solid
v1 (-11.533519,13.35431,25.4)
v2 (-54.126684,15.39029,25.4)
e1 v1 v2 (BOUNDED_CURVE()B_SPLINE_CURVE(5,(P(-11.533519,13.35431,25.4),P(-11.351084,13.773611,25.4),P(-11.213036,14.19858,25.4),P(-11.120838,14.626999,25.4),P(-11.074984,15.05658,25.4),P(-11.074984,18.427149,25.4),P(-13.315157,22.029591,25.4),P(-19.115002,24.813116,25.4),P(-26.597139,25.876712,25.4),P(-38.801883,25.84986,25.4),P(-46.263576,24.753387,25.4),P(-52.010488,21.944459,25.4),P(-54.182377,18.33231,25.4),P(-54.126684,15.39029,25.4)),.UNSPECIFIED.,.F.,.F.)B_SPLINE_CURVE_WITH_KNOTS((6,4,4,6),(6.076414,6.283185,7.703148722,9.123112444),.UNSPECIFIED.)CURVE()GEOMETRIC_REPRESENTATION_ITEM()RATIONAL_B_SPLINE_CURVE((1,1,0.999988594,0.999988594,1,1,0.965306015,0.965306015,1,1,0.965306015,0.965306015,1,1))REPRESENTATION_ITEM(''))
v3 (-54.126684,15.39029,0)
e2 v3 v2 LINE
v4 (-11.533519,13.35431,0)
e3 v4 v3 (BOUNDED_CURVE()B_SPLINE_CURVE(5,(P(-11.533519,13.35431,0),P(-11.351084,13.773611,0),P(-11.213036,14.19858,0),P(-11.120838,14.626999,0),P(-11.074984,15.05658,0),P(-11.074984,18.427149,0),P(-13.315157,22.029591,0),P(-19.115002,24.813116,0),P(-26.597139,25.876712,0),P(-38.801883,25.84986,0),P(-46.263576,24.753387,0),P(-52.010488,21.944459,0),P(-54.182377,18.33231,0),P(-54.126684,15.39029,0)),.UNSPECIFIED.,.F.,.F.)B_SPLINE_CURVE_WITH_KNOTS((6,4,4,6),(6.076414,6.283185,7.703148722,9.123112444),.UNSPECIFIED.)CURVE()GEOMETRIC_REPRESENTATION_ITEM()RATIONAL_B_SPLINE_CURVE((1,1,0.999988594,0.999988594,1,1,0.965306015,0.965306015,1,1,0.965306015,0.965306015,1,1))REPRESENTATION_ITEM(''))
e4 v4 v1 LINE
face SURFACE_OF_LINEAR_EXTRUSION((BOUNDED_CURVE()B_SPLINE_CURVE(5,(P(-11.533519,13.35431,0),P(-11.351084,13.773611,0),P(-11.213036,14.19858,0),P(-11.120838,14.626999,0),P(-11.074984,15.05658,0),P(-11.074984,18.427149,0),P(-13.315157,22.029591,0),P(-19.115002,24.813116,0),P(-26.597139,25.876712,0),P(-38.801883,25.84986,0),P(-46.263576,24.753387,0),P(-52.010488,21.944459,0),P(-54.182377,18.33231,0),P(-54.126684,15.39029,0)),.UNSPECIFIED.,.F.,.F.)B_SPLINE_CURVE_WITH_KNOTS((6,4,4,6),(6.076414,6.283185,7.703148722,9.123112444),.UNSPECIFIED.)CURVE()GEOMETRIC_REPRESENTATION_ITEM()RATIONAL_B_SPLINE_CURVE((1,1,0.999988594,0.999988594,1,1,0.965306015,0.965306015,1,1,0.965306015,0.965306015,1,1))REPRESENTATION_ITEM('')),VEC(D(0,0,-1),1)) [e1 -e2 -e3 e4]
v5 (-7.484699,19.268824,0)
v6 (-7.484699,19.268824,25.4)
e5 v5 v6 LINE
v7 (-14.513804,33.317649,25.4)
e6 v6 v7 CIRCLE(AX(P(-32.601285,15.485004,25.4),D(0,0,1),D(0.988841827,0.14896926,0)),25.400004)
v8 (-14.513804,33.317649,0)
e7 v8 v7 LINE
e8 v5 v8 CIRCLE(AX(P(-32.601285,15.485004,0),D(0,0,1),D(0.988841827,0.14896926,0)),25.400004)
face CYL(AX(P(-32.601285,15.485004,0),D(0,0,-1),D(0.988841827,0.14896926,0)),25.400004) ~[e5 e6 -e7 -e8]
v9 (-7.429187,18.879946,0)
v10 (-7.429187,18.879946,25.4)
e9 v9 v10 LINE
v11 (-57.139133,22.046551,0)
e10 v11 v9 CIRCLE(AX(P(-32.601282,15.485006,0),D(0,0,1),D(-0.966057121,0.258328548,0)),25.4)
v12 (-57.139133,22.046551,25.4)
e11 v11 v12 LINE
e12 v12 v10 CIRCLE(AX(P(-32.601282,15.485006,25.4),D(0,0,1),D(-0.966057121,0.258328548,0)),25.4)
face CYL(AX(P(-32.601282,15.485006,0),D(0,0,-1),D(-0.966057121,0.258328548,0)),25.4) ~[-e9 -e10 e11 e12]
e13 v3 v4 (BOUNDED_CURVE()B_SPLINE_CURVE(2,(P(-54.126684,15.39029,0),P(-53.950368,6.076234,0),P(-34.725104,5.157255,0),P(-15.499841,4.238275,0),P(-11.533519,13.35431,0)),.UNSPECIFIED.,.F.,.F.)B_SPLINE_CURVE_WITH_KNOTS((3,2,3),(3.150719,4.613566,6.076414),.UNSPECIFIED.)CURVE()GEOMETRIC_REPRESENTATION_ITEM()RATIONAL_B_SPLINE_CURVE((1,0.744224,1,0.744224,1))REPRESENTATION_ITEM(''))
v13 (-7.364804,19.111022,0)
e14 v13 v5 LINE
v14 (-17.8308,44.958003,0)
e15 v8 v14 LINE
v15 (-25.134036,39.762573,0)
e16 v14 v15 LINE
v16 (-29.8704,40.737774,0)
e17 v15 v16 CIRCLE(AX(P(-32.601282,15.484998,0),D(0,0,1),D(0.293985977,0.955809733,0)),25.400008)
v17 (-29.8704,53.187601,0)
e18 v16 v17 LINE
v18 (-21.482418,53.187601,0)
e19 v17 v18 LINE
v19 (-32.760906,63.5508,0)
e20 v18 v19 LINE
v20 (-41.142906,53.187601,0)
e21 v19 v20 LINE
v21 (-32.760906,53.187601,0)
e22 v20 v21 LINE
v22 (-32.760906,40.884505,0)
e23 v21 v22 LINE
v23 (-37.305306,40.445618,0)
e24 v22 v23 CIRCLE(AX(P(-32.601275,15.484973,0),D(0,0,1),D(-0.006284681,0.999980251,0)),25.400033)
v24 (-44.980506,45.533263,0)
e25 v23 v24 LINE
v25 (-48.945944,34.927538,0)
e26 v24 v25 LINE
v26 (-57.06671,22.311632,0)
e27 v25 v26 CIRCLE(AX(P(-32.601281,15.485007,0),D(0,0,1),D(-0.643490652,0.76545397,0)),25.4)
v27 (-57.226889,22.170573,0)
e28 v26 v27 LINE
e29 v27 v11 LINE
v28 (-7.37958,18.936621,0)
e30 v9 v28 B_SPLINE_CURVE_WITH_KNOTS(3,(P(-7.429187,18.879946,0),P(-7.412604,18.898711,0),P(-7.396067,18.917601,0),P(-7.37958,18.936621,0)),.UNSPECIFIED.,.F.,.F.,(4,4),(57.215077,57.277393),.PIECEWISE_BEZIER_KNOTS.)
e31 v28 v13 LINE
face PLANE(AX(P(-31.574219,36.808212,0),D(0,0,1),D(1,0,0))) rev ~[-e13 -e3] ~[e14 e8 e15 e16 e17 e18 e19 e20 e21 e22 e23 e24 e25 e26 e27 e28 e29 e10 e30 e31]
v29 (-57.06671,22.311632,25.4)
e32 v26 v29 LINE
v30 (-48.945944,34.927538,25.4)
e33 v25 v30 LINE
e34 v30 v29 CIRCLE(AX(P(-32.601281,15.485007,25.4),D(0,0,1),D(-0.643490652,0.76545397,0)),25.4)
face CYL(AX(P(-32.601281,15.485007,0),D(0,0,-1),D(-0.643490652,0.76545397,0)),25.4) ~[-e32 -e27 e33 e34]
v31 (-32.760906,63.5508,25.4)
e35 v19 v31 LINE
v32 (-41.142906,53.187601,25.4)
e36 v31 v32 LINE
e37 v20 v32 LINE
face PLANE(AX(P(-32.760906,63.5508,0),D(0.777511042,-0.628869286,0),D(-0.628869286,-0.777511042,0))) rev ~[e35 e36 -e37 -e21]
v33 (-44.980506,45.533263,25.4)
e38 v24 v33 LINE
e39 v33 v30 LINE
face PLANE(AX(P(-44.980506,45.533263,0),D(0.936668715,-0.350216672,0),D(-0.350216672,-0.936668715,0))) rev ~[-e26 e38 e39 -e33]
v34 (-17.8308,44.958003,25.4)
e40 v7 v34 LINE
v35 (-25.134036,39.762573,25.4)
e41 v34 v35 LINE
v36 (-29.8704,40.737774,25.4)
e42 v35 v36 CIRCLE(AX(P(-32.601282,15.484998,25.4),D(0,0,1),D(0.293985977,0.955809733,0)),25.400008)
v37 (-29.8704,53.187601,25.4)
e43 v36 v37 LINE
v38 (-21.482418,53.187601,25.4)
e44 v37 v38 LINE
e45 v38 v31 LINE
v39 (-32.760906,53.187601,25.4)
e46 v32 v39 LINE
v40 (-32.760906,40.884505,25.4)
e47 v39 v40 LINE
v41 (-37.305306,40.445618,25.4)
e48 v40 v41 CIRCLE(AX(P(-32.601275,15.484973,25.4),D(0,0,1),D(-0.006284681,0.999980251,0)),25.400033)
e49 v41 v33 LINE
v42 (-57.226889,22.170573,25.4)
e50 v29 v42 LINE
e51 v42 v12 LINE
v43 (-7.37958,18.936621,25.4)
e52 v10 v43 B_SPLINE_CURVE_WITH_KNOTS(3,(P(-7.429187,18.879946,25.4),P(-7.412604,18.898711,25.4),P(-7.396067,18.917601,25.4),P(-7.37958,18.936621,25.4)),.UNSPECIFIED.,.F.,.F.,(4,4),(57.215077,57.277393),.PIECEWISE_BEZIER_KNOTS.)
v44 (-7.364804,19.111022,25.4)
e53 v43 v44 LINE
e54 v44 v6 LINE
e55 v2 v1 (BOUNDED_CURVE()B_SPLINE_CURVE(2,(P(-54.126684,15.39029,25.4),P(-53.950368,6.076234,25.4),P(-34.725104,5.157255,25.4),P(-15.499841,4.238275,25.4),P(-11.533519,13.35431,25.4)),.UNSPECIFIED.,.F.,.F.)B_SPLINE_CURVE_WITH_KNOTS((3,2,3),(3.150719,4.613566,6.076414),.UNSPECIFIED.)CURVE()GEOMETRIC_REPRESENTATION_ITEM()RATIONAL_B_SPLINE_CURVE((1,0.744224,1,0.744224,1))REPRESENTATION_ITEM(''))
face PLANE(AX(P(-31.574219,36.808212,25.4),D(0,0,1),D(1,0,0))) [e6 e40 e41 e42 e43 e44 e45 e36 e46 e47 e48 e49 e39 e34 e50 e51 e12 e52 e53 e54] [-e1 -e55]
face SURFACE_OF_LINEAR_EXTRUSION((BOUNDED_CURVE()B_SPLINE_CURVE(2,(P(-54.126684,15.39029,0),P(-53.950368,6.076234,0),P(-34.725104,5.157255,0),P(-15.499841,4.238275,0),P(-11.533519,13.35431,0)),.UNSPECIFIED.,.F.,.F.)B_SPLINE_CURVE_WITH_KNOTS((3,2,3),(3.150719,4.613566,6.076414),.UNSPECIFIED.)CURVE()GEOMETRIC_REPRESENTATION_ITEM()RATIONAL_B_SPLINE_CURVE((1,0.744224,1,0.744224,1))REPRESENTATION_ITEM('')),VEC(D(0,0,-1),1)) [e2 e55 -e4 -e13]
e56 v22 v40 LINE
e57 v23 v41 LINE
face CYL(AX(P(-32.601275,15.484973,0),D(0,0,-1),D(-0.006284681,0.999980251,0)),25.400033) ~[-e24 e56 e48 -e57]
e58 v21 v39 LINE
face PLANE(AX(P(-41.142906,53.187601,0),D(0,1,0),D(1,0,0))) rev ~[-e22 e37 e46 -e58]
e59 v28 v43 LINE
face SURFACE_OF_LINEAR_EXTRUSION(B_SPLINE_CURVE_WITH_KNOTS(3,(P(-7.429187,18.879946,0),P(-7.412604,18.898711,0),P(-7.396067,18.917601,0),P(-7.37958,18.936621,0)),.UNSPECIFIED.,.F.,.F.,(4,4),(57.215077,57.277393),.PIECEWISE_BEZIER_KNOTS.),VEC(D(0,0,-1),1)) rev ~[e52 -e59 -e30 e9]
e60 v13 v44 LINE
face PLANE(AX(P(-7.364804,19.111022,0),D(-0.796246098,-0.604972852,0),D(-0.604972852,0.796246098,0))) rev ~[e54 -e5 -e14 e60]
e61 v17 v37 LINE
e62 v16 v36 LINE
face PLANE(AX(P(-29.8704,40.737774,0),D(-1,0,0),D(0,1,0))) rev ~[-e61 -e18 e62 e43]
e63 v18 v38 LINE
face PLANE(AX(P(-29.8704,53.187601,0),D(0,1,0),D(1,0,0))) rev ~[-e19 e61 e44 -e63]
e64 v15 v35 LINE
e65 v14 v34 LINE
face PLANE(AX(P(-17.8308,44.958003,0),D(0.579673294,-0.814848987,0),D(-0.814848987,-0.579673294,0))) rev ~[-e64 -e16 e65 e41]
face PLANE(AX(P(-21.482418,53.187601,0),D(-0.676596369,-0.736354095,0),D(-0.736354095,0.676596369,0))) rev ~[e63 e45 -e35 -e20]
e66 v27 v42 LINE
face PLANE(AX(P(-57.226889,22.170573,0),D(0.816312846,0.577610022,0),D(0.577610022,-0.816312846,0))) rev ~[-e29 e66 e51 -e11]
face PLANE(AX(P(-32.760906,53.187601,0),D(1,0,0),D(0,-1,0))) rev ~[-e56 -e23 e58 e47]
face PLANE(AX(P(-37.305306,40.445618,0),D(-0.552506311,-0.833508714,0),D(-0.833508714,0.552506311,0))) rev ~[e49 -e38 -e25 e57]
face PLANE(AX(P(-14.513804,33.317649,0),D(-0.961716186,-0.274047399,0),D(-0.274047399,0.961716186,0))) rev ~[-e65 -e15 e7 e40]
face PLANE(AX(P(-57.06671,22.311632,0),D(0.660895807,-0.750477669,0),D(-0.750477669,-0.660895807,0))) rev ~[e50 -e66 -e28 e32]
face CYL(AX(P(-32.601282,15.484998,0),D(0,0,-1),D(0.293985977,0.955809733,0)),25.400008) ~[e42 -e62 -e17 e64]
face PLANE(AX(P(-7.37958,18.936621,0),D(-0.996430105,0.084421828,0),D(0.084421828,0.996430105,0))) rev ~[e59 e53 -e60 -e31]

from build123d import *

# Parameters (mm, degrees)
F1_DEPTH = 25.4


with BuildPart() as f1:
    # F0 (on Top) → F1 (new body)
    with BuildSketch(Plane.XY):
        with BuildLine():
            Line((-44.980506, 45.533263), (-48.945944, 34.927538))
            ThreePointArc((-48.945944, 34.927538), (-53.959094, 29.232874), (-57.06671, 22.311632))
            ThreePointArc((-57.06671, 22.311632), (-57.10328, 22.179189), (-57.139133, 22.046551))
            add(Edge.make_bspline(
                [(-57.139133, 22.046551), (-55.951402, 19.76674), (-56.362879, 17.207652), (-54.538533, 15.65998), (-54.126684, 15.39029)],
                knots=[0, 0, 0, 0, 6.068521, 7.551351, 7.551351, 7.551351, 7.551351], degree=3))
            add(Edge.make_bspline(
                [(-11.074984, 15.485006), (-11.074984, 25.910861), (-32.699511, 25.863286), (-54.324038, 25.815711), (-54.126684, 15.39029)],
                knots=[0, 0, 0, 1.57536, 1.57536, 3.150719, 3.150719, 3.150719], degree=2, weights=[1, 0.705492, 1, 0.705492, 1]))
            add(Edge.make_bspline(
                [(-11.533519, 13.35431), (-11.074984, 14.40819), (-11.074984, 15.485006)],
                knots=[6.076414, 6.076414, 6.076414, 6.283185, 6.283185, 6.283185], degree=2, weights=[1, 0.99466, 1]))
            add(Edge.make_bspline(
                [(-11.533519, 13.35431), (-10.470214, 13.677684), (-9.705303, 14.334247), (-9.811295, 16.948305), (-8.481348, 17.689314), (-7.429187, 18.879946)],
                knots=[49.568314, 49.568314, 49.568314, 49.568314, 52.956399, 53.261198, 57.215077, 57.215077, 57.215077, 57.215077], degree=3))
            ThreePointArc((-7.429187, 18.879946), (-7.456191, 19.074493), (-7.484699, 19.268824))
            ThreePointArc((-7.484699, 19.268824), (-9.885867, 26.850301), (-14.513804, 33.317649))
            Line((-14.513804, 33.317649), (-17.8308, 44.958003))
            Line((-17.8308, 44.958003), (-25.134036, 39.762573))
            ThreePointArc((-25.134036, 39.762573), (-27.478957, 40.363145), (-29.8704, 40.737774))
            Line((-29.8704, 40.737774), (-29.8704, 53.187601))
            Line((-29.8704, 53.187601), (-21.482418, 53.187601))
            Line((-21.482418, 53.187601), (-32.760906, 63.5508))
            Line((-32.760906, 63.5508), (-41.142906, 53.187601))
            Line((-41.142906, 53.187601), (-32.760906, 53.187601))
            Line((-32.760906, 53.187601), (-32.760906, 40.884505))
            ThreePointArc((-32.760906, 40.884505), (-35.042987, 40.767373), (-37.305306, 40.445618))
            Line((-37.305306, 40.445618), (-44.980506, 45.533263))
        make_face()
        with BuildLine():
            ThreePointArc((-57.139133, 22.046551), (-57.10328, 22.179189), (-57.06671, 22.311632))
            Line((-57.06671, 22.311632), (-57.226889, 22.170573))
            Line((-57.226889, 22.170573), (-57.139133, 22.046551))
        make_face()
        with BuildLine():
            add(Edge.make_bspline(
                [(-57.139133, 22.046551), (-55.951402, 19.76674), (-56.362879, 17.207652), (-54.538533, 15.65998), (-54.126684, 15.39029)],
                knots=[0, 0, 0, 0, 6.068521, 7.551351, 7.551351, 7.551351, 7.551351], degree=3))
            ThreePointArc((-57.139133, 22.046551), (-34.216031, -9.863615), (-7.429187, 18.879946))
            add(Edge.make_bspline(
                [(-11.533519, 13.35431), (-10.470214, 13.677684), (-9.705303, 14.334247), (-9.811295, 16.948305), (-8.481348, 17.689314), (-7.429187, 18.879946)],
                knots=[49.568314, 49.568314, 49.568314, 49.568314, 52.956399, 53.261198, 57.215077, 57.215077, 57.215077, 57.215077], degree=3))
            add(Edge.make_bspline(
                [(-54.126684, 15.39029), (-53.950368, 6.076234), (-34.725104, 5.157255), (-15.499841, 4.238275), (-11.533519, 13.35431)],
                knots=[3.150719, 3.150719, 3.150719, 4.613566, 4.613566, 6.076414, 6.076414, 6.076414], degree=2, weights=[1, 0.744224, 1, 0.744224, 1]))
        make_face()
        with BuildLine():
            ThreePointArc((-7.484699, 19.268824), (-7.456191, 19.074493), (-7.429187, 18.879946))
            add(Edge.make_bspline(
                [(-7.429187, 18.879946), (-7.412604, 18.898711), (-7.396067, 18.917601), (-7.37958, 18.936621)],
                knots=[57.215077, 57.215077, 57.215077, 57.215077, 57.277393, 57.277393, 57.277393, 57.277393], degree=3))
            Line((-7.37958, 18.936621), (-7.364804, 19.111022))
            Line((-7.364804, 19.111022), (-7.484699, 19.268824))
        make_face()
    extrude(amount=F1_DEPTH)


solid = f1.part
